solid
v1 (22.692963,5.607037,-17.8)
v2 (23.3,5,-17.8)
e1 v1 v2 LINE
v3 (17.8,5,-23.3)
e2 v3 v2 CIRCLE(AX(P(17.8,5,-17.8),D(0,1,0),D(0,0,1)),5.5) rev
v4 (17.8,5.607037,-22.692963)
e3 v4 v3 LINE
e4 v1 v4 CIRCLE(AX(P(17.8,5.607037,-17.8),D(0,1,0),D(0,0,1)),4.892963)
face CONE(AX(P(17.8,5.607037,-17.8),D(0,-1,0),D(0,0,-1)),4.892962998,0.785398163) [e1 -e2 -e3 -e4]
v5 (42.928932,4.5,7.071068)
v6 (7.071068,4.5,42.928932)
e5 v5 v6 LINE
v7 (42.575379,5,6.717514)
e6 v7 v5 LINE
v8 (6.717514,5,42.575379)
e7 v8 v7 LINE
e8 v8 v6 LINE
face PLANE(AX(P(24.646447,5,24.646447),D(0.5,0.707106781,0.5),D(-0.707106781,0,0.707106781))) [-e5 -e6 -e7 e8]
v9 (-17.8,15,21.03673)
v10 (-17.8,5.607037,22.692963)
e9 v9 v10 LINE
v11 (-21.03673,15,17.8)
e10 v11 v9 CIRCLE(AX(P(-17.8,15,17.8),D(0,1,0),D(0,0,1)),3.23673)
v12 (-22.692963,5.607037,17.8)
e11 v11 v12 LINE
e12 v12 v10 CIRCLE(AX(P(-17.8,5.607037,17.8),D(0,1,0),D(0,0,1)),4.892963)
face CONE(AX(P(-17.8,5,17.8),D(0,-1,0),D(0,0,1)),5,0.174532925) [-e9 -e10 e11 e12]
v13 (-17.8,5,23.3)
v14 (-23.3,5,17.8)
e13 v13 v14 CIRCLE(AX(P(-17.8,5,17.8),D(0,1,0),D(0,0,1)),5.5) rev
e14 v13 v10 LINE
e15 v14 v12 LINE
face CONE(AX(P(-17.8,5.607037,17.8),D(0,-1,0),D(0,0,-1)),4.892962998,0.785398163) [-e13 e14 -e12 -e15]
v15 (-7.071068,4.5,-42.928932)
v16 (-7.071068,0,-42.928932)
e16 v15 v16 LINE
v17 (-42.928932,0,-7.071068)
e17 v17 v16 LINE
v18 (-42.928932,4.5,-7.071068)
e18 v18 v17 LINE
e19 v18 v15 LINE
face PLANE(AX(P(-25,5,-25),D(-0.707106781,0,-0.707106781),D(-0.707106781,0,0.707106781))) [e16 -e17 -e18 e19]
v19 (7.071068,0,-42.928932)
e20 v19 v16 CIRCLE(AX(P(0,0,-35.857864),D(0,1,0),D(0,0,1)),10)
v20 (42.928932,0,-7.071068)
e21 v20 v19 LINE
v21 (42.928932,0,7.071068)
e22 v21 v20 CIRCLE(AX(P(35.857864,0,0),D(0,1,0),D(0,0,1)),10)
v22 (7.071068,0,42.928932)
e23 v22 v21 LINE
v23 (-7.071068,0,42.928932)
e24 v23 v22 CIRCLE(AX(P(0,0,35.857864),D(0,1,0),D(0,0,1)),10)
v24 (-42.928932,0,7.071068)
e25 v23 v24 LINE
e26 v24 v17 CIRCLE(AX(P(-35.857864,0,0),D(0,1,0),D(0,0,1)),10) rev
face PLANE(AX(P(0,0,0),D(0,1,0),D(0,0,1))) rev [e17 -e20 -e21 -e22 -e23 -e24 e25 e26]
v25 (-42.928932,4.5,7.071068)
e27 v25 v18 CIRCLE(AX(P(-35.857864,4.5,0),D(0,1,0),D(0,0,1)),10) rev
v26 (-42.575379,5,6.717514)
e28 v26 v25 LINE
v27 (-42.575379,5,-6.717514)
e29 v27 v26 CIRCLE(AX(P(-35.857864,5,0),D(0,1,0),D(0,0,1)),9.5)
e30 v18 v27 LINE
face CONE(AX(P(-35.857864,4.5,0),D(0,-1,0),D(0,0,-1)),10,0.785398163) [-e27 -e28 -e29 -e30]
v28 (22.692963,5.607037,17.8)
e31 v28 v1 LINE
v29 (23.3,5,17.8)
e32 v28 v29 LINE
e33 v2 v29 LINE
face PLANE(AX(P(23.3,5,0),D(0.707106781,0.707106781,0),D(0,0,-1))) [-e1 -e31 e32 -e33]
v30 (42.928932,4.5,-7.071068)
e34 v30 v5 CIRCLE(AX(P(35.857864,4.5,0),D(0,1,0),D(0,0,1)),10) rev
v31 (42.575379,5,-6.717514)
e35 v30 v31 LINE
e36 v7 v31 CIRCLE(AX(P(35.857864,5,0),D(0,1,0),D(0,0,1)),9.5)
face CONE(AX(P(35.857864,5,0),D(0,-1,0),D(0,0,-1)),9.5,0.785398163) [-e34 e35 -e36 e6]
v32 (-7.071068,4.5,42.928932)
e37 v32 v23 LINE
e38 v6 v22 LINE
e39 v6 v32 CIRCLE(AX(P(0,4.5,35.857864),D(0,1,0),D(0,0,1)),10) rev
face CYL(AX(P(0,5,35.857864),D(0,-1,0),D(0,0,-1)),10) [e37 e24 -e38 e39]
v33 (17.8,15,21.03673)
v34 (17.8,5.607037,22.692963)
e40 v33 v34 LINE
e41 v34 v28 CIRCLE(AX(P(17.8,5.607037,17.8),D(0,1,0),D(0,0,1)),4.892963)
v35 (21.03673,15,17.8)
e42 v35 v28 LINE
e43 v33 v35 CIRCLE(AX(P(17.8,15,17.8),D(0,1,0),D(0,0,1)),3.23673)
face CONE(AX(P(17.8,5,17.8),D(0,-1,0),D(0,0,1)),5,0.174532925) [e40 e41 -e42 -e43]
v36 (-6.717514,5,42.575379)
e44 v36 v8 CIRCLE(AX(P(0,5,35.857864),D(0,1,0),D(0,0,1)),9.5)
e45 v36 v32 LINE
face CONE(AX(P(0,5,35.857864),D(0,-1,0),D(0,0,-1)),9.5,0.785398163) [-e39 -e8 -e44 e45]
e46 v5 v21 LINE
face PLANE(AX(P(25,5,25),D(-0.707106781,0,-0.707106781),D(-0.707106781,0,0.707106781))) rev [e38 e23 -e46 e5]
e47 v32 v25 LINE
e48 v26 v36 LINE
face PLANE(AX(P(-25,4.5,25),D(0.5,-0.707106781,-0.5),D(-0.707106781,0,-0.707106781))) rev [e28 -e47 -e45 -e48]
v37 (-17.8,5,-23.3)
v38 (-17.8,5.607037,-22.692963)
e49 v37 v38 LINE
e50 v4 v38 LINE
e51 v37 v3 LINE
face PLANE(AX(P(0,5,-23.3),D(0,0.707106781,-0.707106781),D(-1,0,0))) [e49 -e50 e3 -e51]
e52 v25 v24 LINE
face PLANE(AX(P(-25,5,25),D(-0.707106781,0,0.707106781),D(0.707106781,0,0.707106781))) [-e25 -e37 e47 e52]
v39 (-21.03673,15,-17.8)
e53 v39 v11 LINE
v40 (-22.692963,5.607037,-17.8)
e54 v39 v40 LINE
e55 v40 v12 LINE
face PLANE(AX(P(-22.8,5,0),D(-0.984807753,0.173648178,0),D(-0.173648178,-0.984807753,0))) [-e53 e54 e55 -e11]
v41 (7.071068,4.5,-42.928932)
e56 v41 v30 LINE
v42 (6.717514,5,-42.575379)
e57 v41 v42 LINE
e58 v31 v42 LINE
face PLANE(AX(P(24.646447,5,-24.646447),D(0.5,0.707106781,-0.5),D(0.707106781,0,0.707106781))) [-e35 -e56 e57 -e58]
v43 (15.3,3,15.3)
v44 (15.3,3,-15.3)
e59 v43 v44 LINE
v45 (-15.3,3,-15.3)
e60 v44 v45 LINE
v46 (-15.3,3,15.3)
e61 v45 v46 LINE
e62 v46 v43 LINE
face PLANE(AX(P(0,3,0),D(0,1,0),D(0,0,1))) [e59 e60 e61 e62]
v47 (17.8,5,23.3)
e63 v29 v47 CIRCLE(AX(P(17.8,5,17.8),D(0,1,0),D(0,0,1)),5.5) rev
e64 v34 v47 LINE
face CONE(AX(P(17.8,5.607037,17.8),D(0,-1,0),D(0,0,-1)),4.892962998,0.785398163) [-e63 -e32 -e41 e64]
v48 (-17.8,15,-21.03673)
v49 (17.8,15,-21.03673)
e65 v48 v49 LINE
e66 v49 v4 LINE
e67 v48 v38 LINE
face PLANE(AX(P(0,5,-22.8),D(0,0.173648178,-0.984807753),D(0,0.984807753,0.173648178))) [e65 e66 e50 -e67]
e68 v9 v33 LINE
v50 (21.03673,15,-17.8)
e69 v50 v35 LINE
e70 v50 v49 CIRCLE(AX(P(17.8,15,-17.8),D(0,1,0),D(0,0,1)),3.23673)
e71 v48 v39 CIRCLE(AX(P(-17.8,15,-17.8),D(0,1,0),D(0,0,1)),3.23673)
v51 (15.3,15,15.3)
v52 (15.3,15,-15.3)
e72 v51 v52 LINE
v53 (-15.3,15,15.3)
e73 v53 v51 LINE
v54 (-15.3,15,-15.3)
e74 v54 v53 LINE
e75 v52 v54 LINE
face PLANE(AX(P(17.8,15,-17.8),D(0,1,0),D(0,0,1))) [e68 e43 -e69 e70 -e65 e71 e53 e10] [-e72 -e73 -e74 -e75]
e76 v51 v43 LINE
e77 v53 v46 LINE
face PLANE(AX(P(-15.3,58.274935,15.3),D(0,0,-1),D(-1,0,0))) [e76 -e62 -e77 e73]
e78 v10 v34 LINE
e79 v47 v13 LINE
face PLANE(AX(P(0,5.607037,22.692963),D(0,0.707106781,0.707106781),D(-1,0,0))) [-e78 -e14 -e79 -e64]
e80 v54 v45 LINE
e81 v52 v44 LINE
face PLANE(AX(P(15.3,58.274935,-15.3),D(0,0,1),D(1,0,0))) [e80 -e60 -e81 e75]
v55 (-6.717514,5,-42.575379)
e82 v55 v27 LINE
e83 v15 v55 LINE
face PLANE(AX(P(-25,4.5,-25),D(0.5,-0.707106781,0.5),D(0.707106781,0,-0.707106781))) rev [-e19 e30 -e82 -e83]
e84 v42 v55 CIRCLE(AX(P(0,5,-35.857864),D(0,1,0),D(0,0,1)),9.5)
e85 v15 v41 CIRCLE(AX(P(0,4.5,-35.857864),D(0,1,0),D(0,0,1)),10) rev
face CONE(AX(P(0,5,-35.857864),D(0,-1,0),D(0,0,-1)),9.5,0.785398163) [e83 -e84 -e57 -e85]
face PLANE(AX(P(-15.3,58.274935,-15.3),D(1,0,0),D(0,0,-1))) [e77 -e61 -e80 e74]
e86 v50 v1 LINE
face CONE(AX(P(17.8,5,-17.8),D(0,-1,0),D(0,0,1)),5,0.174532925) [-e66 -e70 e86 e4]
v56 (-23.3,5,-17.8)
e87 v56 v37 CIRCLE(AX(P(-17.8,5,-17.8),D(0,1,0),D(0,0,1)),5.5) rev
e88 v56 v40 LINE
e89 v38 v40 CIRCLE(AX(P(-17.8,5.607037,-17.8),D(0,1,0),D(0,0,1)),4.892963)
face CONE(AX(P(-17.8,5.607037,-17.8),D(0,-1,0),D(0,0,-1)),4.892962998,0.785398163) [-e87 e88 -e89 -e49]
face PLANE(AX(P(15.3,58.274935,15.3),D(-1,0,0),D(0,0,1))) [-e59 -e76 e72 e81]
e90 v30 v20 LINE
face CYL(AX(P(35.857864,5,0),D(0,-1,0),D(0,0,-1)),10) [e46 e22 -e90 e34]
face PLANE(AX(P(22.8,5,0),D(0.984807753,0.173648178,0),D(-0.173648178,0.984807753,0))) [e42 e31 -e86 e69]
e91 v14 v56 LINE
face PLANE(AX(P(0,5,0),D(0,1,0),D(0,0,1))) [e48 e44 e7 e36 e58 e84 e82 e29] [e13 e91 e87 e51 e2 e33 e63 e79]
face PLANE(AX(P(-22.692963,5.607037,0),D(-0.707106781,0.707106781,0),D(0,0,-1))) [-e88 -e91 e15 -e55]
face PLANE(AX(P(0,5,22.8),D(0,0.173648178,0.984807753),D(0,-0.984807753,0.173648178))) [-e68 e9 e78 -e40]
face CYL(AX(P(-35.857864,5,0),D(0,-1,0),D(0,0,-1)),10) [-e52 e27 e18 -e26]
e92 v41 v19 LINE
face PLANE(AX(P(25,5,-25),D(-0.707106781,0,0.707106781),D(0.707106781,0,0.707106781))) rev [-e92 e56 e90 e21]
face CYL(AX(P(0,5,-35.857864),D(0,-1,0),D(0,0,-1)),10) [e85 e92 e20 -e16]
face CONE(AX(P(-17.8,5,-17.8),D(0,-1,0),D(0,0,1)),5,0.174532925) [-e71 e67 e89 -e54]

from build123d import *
from OCP.BRepFilletAPI import BRepFilletAPI_MakeChamfer

# Parameters (mm, degrees)
BOSS_EXTRUDE1_DEPTH = 5
BOSS_EXTRUDE2_START = 5
BOSS_EXTRUDE2_DEPTH = 10
BOSS_EXTRUDE2_TAPER = 10
CUT_EXTRUDE1_START  = 3
SKETCH1_5_W         = 30.6
SKETCH1_5_H         = 30.6
CUT_EXTRUDE1_DEPTH  = 12
CHAMFER1_SIZE       = 0.5
CHAMFER1_SIZE2      = 0.616401526


with BuildPart() as part:
    # Sketch1 → Boss-Extrude1 (new body)
    with BuildSketch(Plane(origin=(0, 0, 0), x_dir=(1, 0, 0), z_dir=(0, 1, 0))):
        with BuildLine():
            Line((7.071067812, -42.928932188), (42.928932188, -7.071067812))
            ThreePointArc((42.928932188, -7.071067812), (45.857864376, 0), (42.928932188, 7.071067812))
            Line((42.928932188, 7.071067812), (7.071067812, 42.928932188))
            ThreePointArc((7.071067812, 42.928932188), (0, 45.857864376), (-7.071067812, 42.928932188))
            Line((-7.071067812, 42.928932188), (-42.928932188, 7.071067812))
            ThreePointArc((-42.928932188, 7.071067812), (-45.857864376, 0), (-42.928932188, -7.071067812))
            Line((-42.928932188, -7.071067812), (-7.071067812, -42.928932188))
            ThreePointArc((-7.071067812, -42.928932188), (0, -45.857864376), (7.071067812, -42.928932188))
        make_face()
    extrude(amount=BOSS_EXTRUDE1_DEPTH)

    # Sketch1<4> → Boss-Extrude2 (add)
    with BuildSketch(Plane(origin=(0, 0, 0), x_dir=(1, 0, 0), z_dir=(0, 1, 0)).offset(BOSS_EXTRUDE2_START)):
        with BuildLine():
            ThreePointArc((17.8, -22.8), (21.335533906, -21.335533906), (22.8, -17.8))
            Line((22.8, -17.8), (22.8, 17.8))
            ThreePointArc((22.8, 17.8), (21.335533906, 21.335533906), (17.8, 22.8))
            Line((17.8, 22.8), (-17.8, 22.8))
            ThreePointArc((-17.8, 22.8), (-21.335533906, 21.335533906), (-22.8, 17.8))
            Line((-22.8, 17.8), (-22.8, -17.8))
            ThreePointArc((-22.8, -17.8), (-21.335533906, -21.335533906), (-17.8, -22.8))
            Line((-17.8, -22.8), (17.8, -22.8))
        make_face()
    extrude(amount=BOSS_EXTRUDE2_DEPTH, taper=BOSS_EXTRUDE2_TAPER)

    # Sketch1<5> → Cut-Extrude1 (cut)
    with BuildSketch(Plane(origin=(0, 0, 0), x_dir=(1, 0, 0), z_dir=(0, 1, 0)).offset(CUT_EXTRUDE1_START)):
        Rectangle(SKETCH1_5_W, SKETCH1_5_H)
    extrude(amount=CUT_EXTRUDE1_DEPTH, mode=Mode.SUBTRACT)

    # Chamfer1: one chamfer whose edges measure the first distance from different faces: ONE call of the kernel's chamfer builder (chamfer() names one face for all edges)
    chamfer1_edges_1 = [part.edges().sort_by_distance(p)[0] for p in [
        (0, 5, -45.857864376),
        (-25, 5, -25),
        (-45.857864376, 5, 0),
        (-25, 5, 25),
        (0, 5, 45.857864376),
        (25, 5, 25),
        (45.857864376, 5, 0),
        (25, 5, -25),
    ]]
    chamfer1_edges_2 = [part.edges().sort_by_distance(p)[0] for p in [
        (21.335533906, 5, -21.335533906),
        (-21.335533906, 5, -21.335533906),
        (-22.8, 5, 0),
        (-21.335533906, 5, 21.335533906),
        (0, 5, 22.8),
        (21.335533906, 5, 21.335533906),
        (22.8, 5, 0),
        (0, 5, -22.8),
    ]]
    chamfer1_side_2 = [part.faces().sort_by_distance(p)[0] for p in [
        (24.082842712, 5, 24.082842712),
    ]]
    chamfer1 = BRepFilletAPI_MakeChamfer(part.part.solid().wrapped)
    for e in chamfer1_edges_1:
        chamfer1.Add(CHAMFER1_SIZE, e.wrapped)
    for e in chamfer1_edges_2:
        chamfer1.Add(CHAMFER1_SIZE, CHAMFER1_SIZE2, e.wrapped, chamfer1_side_2[0].wrapped)  # the first distance lies on this face
    add(Compound.cast(chamfer1.Shape()), mode=Mode.REPLACE)


solid = part.part
